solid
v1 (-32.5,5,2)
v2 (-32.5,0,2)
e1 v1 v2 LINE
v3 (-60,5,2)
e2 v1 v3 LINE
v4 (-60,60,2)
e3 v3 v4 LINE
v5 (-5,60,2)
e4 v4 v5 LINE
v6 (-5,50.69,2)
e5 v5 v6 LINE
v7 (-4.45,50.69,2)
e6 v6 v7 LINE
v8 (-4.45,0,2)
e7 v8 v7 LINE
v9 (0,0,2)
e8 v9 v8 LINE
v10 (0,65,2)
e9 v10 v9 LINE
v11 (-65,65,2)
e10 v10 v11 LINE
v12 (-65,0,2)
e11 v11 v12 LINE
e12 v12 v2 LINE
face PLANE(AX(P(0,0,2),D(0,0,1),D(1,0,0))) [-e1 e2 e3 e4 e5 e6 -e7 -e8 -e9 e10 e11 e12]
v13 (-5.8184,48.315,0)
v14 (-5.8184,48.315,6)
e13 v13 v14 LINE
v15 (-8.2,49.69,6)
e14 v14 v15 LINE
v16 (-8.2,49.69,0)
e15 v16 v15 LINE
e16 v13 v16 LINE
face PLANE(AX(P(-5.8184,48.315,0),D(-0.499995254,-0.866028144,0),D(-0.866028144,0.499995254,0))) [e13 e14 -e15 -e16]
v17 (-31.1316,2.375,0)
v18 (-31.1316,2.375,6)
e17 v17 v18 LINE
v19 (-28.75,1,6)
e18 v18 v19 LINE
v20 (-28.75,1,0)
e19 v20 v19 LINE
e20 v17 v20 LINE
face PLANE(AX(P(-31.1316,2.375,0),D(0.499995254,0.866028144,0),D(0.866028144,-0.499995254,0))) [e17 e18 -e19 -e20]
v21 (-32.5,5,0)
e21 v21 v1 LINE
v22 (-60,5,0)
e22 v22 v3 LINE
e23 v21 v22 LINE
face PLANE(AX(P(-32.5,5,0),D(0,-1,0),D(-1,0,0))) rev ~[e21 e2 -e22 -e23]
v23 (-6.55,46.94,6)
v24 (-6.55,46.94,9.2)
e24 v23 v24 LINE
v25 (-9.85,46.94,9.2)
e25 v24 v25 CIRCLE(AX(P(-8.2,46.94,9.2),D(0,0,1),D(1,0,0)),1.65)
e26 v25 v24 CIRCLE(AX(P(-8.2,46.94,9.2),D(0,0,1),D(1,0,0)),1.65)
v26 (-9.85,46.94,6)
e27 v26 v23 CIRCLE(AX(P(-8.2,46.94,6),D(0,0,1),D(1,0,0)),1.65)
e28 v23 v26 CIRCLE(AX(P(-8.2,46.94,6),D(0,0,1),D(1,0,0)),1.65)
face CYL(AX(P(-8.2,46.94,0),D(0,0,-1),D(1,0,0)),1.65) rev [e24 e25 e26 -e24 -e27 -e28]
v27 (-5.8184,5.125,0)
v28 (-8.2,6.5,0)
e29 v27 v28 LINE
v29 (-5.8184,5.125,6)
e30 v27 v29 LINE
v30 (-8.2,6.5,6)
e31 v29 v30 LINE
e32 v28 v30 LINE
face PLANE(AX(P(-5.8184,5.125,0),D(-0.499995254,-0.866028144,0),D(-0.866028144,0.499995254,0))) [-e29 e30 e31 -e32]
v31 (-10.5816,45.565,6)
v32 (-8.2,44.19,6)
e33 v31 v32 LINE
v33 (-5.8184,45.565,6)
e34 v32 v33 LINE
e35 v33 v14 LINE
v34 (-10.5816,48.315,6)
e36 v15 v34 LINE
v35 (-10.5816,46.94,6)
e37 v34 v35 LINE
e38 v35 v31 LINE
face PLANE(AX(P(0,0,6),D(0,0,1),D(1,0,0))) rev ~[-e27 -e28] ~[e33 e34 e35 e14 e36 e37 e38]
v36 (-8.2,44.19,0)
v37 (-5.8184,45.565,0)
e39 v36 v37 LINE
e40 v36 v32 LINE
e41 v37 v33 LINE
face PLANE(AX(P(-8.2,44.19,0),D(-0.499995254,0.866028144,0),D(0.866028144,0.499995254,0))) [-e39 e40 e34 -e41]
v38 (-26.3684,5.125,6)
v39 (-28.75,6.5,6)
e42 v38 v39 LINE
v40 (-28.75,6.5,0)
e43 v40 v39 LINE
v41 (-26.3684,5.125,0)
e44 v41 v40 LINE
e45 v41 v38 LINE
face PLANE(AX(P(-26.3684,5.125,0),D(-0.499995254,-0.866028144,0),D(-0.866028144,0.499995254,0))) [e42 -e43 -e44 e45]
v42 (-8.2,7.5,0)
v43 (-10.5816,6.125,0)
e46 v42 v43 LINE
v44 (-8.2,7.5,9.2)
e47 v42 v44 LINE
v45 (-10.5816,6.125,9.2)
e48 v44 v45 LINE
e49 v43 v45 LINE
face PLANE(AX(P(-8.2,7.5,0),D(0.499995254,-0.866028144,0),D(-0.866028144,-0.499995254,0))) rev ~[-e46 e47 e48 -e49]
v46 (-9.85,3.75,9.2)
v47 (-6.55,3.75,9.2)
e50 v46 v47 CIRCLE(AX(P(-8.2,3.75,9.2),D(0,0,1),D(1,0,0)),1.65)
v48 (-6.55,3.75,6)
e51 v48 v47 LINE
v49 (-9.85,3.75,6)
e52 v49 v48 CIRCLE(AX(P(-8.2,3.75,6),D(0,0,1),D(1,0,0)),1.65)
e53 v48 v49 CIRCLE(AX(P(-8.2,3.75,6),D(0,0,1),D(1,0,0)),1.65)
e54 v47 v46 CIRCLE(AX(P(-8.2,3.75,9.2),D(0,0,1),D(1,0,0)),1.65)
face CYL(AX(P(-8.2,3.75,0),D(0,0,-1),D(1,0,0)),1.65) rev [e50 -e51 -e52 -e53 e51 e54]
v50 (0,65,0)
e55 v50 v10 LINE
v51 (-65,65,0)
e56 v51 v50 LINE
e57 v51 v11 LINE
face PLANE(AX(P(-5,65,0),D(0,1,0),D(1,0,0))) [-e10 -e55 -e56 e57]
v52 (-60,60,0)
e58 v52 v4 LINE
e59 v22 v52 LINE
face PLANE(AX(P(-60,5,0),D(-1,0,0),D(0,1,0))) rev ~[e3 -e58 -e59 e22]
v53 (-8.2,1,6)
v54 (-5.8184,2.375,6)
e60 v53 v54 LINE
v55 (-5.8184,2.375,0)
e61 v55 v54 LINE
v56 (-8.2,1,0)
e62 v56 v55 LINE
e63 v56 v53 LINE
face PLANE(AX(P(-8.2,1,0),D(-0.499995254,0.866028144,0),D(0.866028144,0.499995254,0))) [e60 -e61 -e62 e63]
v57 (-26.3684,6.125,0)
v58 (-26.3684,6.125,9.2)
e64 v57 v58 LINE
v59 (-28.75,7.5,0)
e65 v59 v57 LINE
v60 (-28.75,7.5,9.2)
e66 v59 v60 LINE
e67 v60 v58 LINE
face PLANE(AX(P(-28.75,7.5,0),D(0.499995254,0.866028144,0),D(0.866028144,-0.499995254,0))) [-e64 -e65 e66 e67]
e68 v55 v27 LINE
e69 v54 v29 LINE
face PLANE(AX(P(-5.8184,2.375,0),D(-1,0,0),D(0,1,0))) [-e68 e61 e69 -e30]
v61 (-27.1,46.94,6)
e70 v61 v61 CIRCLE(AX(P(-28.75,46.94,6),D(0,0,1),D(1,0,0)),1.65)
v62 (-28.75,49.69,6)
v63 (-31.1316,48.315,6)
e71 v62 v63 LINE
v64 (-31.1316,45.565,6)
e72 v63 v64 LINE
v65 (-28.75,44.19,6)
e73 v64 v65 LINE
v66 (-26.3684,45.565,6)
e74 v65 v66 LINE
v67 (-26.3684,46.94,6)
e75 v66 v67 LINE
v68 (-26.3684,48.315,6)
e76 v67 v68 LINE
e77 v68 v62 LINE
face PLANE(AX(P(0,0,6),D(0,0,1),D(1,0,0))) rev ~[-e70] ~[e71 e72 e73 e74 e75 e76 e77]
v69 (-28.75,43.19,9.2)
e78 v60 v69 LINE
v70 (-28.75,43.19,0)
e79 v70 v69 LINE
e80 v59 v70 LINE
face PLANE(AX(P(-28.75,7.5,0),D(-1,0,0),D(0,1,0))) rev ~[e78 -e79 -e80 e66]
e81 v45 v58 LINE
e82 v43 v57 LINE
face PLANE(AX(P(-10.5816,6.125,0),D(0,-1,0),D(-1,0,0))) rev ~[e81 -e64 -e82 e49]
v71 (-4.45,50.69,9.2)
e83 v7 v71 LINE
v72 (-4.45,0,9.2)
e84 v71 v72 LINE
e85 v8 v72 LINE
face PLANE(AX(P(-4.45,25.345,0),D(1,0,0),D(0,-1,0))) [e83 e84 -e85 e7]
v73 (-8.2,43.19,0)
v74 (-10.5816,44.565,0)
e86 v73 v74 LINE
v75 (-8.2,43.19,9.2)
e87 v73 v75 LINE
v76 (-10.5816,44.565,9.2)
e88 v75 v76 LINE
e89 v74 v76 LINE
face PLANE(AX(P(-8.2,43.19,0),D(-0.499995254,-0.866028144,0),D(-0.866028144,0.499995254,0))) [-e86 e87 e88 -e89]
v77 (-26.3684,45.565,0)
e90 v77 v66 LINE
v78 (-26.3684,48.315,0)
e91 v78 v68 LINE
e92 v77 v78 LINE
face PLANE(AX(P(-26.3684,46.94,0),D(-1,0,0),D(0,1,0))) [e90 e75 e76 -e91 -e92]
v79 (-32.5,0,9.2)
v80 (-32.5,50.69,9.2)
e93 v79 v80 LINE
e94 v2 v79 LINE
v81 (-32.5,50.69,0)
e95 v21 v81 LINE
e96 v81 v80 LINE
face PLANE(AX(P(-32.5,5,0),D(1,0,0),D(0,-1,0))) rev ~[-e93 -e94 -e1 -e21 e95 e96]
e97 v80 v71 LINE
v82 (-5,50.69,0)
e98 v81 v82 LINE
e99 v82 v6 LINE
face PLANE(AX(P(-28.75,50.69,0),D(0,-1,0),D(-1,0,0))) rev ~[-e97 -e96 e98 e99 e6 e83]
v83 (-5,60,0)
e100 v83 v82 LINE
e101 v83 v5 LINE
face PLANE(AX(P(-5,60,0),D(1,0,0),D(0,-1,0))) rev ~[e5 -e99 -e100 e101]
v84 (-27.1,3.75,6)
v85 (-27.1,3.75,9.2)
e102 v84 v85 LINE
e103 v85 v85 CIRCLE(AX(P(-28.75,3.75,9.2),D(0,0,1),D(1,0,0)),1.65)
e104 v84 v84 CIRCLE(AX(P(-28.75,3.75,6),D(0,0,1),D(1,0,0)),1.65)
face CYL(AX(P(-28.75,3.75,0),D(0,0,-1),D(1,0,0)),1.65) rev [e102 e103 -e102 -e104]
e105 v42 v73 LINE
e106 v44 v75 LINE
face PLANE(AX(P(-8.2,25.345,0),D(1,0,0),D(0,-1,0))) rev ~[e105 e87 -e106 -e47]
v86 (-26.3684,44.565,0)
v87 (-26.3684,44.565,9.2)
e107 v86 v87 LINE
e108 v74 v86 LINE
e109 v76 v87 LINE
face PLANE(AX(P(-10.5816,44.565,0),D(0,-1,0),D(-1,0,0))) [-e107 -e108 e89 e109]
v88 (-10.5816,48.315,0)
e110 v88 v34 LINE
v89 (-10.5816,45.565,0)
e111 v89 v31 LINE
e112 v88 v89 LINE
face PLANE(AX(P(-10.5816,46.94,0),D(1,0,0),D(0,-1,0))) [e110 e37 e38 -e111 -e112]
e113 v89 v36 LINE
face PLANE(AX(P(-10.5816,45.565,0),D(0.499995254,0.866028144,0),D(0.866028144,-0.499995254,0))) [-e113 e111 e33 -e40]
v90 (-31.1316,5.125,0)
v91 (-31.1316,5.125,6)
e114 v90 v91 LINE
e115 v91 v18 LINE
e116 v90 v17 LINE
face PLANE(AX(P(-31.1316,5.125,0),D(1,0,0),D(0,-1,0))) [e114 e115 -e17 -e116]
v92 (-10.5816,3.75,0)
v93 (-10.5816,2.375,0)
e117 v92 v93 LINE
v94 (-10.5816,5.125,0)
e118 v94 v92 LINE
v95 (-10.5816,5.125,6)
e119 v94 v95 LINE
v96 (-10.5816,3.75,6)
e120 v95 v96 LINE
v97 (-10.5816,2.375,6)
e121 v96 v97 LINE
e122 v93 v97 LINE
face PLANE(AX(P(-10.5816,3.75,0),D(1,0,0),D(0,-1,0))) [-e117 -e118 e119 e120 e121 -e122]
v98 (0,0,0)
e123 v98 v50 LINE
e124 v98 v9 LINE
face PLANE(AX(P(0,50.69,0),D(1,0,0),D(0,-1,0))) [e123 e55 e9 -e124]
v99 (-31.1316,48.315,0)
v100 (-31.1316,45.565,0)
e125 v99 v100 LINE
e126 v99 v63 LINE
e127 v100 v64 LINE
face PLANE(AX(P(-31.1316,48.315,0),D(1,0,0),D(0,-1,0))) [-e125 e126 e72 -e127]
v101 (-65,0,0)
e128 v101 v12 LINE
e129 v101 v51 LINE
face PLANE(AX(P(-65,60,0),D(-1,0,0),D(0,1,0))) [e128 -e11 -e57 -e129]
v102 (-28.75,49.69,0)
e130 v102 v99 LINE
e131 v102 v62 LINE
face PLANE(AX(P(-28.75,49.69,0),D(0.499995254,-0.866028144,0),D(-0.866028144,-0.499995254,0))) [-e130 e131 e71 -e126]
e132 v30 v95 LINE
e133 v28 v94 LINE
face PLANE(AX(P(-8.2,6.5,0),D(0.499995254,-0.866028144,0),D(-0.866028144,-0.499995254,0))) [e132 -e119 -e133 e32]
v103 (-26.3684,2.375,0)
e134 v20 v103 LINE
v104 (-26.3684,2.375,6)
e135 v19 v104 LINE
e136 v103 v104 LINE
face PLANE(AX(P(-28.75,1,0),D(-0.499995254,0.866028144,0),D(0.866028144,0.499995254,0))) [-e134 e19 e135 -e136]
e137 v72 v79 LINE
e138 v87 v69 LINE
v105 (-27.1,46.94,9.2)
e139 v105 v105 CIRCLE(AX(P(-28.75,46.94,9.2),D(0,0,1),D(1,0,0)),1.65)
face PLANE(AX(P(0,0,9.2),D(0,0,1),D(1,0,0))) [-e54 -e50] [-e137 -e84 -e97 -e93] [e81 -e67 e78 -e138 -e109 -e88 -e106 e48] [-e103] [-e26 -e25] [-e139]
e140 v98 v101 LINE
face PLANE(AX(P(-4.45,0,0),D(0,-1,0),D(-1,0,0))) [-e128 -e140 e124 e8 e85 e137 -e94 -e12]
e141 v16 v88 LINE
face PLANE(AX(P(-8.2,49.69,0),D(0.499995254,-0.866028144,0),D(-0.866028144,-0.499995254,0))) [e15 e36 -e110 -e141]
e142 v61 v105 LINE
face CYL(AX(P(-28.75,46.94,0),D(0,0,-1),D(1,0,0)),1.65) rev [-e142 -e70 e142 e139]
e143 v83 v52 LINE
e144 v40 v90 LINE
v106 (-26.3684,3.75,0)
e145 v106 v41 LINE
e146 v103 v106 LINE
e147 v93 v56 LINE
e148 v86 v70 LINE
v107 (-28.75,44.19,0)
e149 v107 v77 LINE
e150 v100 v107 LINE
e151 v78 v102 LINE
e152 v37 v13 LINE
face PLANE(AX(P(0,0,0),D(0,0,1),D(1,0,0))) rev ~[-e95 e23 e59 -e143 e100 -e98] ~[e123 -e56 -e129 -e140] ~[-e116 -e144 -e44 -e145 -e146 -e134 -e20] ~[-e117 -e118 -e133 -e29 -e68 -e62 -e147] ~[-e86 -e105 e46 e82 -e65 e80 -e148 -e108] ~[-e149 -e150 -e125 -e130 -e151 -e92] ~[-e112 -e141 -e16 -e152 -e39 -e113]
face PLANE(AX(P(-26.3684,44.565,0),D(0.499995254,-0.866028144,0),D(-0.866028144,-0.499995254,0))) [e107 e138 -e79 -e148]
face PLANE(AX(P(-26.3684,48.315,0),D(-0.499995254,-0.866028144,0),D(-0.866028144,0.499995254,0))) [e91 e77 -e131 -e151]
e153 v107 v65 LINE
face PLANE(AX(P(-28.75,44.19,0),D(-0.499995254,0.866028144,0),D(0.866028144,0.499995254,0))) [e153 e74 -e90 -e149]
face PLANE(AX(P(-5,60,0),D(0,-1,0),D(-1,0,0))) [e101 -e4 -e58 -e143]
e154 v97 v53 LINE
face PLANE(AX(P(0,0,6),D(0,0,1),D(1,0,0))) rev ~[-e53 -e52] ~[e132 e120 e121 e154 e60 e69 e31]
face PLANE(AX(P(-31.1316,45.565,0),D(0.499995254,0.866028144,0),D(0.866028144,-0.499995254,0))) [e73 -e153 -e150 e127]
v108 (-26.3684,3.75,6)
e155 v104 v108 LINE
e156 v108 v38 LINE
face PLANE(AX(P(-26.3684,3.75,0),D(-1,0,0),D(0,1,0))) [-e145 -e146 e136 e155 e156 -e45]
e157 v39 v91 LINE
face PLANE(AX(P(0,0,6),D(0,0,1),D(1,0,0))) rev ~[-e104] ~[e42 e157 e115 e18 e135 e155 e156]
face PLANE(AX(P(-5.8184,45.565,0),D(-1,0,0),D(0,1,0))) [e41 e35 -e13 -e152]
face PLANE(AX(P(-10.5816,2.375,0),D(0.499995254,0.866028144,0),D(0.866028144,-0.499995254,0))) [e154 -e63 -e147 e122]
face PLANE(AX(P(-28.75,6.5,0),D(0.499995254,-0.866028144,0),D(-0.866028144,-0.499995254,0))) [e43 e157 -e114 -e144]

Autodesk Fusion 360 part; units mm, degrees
sketch "Sketch1" plane through (0, 0, 0) normal (0, 0, 1) x (1, 0, 0)
  line L0 (0, 0) -> (-65, 0)
  line L1 (-65, 0) -> (-65, 65)
  line L2 (-65, 65) -> (0, 65)
  line L3 (0, 65) -> (0, 0)
  line L4 (-32.5, 65) -> (-32.5, 0)
  line L5 (-28.75, 1) -> (-26.3684, 2.375)
  line L6 (-26.3684, 2.375) -> (-26.3684, 5.125)
  line L7 (-26.3684, 5.125) -> (-28.75, 6.5)
  line L8 (-28.75, 6.5) -> (-31.1316, 5.125)
  line L9 (-31.1316, 5.125) -> (-31.1316, 2.375)
  line L10 (-31.1316, 2.375) -> (-28.75, 1)
  line L11 (-28.75, 44.19) -> (-26.3684, 45.565)
  line L12 (-26.3684, 45.565) -> (-26.3684, 48.315)
  line L13 (-26.3684, 48.315) -> (-28.75, 49.69)
  line L14 (-28.75, 49.69) -> (-31.1316, 48.315)
  line L15 (-31.1316, 48.315) -> (-31.1316, 45.565)
  line L16 (-31.1316, 45.565) -> (-28.75, 44.19)
  line L17 (-28.75, 49.69) -> (-28.75, 50.69)
  line L18 (-28.75, 50.69) -> (-32.5, 50.69)
  line L19 (-28.75, 50.69) -> (0, 50.69)
  line L20 (-65, 0) -> (-60, 0)
  line L21 (-60, 0) -> (-60, 5)
  line L22 (-60, 5) -> (-65, 5)
  line L23 (-65, 5) -> (-65, 0)
  line L24 (-65, 65) -> (-60, 65)
  line L25 (-60, 65) -> (-60, 60)
  line L26 (-60, 60) -> (-65, 60)
  line L27 (-65, 60) -> (-65, 65)
  line L28 (0, 65) -> (-5, 65)
  line L29 (-5, 65) -> (-5, 60)
  line L30 (-5, 60) -> (0, 60)
  line L31 (0, 60) -> (0, 65)
  line L32 (-5, 60) -> (-60, 60)
  line L33 (-60, 60) -> (-60, 65)
  line L34 (-60, 65) -> (-5, 65)
  line L35 (-5, 65) -> (-5, 60)
  line L36 (-60, 60) -> (-65, 60)
  line L37 (-65, 60) -> (-65, 5)
  line L38 (-65, 5) -> (-60, 5)
  line L39 (-60, 5) -> (-60, 60)
  line L40 (-60, 0) -> (-32.5, 0)
  line L41 (-32.5, 0) -> (-32.5, 5)
  line L42 (-32.5, 5) -> (-60, 5)
  line L43 (-60, 5) -> (-60, 0)
  line L44 (-28.75, 6.5) -> (-28.75, 7.5)
  line L45 (-28.75, 7.5) -> (-26.3684, 6.125)
  line L46 (-28.75, 44.19) -> (-28.75, 43.19)
  line L47 (-3.75, 44.19) -> (-3.75, 43.19)
  line L48 (-26.3684, 44.565) -> (-28.75, 43.19)
  line L49 (-28.75, 7.5) -> (-28.75, 43.19)
  circle A0 centre (-28.75, 46.94) radius 1.65
  circle A1 centre (-28.75, 3.75) radius 1.65
  line L50 (-5, 60) -> (-5, 50.69)
  line L51 (-28.75, 46.94) -> (-8.2, 46.94)
  circle A2 centre (-8.2, 46.94) radius 1.65
  line L52 (-28.75, 3.75) -> (-8.2, 3.75)
  circle A3 centre (-8.2, 3.75) radius 1.65
  line L53 (-8.2, 1) -> (-5.8184, 2.375)
  line L54 (-5.8184, 2.375) -> (-5.8184, 5.125)
  line L55 (-5.8184, 5.125) -> (-8.2, 6.5)
  line L56 (-8.2, 6.5) -> (-10.5816, 5.125)
  line L57 (-10.5816, 5.125) -> (-10.5816, 2.375)
  line L58 (-10.5816, 2.375) -> (-8.2, 1)
  line L59 (-8.2, 44.19) -> (-5.8184, 45.565)
  line L60 (-5.8184, 45.565) -> (-5.8184, 48.315)
  line L61 (-5.8184, 48.315) -> (-8.2, 49.69)
  line L62 (-8.2, 49.69) -> (-10.5816, 48.315)
  line L63 (-10.5816, 48.315) -> (-10.5816, 45.565)
  line L64 (-10.5816, 45.565) -> (-8.2, 44.19)
  line L65 (-8.2, 44.19) -> (-8.2, 43.19)
  line L66 (-8.2, 43.19) -> (-10.5816, 44.565)
  line L67 (-10.5816, 44.565) -> (-26.3684, 44.565)
  line L68 (-8.2, 43.19) -> (-8.2, 7.5)
  line L69 (-8.2, 7.5) -> (-10.5816, 6.125)
  line L70 (-10.5816, 6.125) -> (-26.3684, 6.125)
  line L71 (-8.2, 25.345) -> (-4.45, 25.345)
  line L72 (-4.45, 25.345) -> (-4.45, 0)
  line L73 (-4.45, 25.345) -> (-4.45, 50.69)
  point P0 (-28.75, 3.75)
  point P1 (-28.75, 46.94)
  point P2 (-8.2, 3.75)
  point P3 (-8.2, 46.94)
  dimension "d1" = 65
  dimension "d2" = 65
  dimension "d10" = 43.19
  dimension "d12" = 2.75
  dimension "d14" = 1
  dimension "d15" = 1
  dimension "d17" = 3.3
  dimension "d20" = 3.3
  dimension "d27" = 20.55
  dimension "d28" = 3.3
  dimension "d29" = 20.55
  dimension "d30" = 3.3
  dimension "d31" = 2.75
  dimension "d32" = 1
  dimension "d33" = 3.75
extrude "Extrude4" add sketch "Sketch1" along normal blind 9.2 contours L53 L54 L55 L56 L57 L58 | L5 L6 L7 L8 L9 L10 | L0 L4 L14 L15 L16 L17 L18 L41 L45 L46 L49 L68 L69 L70 L71 L72 | L12 L13 L17 L19 L51 L59 L60 L61 L62 L63 L65 L68 L71 L73 | L11 L12 L46 L48 L51 L63 L64 L65 L66 L67 | L59 L60 L61 L62 L63 L64 | L11 L12 L13 L14 L15 L16
extrude "Extrude5" add sketch "Sketch1" along normal blind 2 contours L0 L3 L19 L72 L73 | L3 L19 L30 L50 | L0 L4 L21 L40 L41 L42 L43 | L2 L3 L28 L29 L30 L31 L35 | L0 L1 L20 L21 L22 L23 L38 L43 | L2 L4 L29 L32 L34 L35 | L1 L22 L26 L36 L37 L38 L39 | L2 L4 L25 L32 L33 L34 | L1 L2 L24 L25 L26 L27 L33 L36
extrude "Extrude6" cut sketch "Sketch1" along normal blind 6 contours L53 L54 L55 L56 L57 L58 | L5 L6 L7 L8 L9 L10 | L59 L60 L61 L62 L63 L64 | L11 L12 L13 L14 L15 L16
